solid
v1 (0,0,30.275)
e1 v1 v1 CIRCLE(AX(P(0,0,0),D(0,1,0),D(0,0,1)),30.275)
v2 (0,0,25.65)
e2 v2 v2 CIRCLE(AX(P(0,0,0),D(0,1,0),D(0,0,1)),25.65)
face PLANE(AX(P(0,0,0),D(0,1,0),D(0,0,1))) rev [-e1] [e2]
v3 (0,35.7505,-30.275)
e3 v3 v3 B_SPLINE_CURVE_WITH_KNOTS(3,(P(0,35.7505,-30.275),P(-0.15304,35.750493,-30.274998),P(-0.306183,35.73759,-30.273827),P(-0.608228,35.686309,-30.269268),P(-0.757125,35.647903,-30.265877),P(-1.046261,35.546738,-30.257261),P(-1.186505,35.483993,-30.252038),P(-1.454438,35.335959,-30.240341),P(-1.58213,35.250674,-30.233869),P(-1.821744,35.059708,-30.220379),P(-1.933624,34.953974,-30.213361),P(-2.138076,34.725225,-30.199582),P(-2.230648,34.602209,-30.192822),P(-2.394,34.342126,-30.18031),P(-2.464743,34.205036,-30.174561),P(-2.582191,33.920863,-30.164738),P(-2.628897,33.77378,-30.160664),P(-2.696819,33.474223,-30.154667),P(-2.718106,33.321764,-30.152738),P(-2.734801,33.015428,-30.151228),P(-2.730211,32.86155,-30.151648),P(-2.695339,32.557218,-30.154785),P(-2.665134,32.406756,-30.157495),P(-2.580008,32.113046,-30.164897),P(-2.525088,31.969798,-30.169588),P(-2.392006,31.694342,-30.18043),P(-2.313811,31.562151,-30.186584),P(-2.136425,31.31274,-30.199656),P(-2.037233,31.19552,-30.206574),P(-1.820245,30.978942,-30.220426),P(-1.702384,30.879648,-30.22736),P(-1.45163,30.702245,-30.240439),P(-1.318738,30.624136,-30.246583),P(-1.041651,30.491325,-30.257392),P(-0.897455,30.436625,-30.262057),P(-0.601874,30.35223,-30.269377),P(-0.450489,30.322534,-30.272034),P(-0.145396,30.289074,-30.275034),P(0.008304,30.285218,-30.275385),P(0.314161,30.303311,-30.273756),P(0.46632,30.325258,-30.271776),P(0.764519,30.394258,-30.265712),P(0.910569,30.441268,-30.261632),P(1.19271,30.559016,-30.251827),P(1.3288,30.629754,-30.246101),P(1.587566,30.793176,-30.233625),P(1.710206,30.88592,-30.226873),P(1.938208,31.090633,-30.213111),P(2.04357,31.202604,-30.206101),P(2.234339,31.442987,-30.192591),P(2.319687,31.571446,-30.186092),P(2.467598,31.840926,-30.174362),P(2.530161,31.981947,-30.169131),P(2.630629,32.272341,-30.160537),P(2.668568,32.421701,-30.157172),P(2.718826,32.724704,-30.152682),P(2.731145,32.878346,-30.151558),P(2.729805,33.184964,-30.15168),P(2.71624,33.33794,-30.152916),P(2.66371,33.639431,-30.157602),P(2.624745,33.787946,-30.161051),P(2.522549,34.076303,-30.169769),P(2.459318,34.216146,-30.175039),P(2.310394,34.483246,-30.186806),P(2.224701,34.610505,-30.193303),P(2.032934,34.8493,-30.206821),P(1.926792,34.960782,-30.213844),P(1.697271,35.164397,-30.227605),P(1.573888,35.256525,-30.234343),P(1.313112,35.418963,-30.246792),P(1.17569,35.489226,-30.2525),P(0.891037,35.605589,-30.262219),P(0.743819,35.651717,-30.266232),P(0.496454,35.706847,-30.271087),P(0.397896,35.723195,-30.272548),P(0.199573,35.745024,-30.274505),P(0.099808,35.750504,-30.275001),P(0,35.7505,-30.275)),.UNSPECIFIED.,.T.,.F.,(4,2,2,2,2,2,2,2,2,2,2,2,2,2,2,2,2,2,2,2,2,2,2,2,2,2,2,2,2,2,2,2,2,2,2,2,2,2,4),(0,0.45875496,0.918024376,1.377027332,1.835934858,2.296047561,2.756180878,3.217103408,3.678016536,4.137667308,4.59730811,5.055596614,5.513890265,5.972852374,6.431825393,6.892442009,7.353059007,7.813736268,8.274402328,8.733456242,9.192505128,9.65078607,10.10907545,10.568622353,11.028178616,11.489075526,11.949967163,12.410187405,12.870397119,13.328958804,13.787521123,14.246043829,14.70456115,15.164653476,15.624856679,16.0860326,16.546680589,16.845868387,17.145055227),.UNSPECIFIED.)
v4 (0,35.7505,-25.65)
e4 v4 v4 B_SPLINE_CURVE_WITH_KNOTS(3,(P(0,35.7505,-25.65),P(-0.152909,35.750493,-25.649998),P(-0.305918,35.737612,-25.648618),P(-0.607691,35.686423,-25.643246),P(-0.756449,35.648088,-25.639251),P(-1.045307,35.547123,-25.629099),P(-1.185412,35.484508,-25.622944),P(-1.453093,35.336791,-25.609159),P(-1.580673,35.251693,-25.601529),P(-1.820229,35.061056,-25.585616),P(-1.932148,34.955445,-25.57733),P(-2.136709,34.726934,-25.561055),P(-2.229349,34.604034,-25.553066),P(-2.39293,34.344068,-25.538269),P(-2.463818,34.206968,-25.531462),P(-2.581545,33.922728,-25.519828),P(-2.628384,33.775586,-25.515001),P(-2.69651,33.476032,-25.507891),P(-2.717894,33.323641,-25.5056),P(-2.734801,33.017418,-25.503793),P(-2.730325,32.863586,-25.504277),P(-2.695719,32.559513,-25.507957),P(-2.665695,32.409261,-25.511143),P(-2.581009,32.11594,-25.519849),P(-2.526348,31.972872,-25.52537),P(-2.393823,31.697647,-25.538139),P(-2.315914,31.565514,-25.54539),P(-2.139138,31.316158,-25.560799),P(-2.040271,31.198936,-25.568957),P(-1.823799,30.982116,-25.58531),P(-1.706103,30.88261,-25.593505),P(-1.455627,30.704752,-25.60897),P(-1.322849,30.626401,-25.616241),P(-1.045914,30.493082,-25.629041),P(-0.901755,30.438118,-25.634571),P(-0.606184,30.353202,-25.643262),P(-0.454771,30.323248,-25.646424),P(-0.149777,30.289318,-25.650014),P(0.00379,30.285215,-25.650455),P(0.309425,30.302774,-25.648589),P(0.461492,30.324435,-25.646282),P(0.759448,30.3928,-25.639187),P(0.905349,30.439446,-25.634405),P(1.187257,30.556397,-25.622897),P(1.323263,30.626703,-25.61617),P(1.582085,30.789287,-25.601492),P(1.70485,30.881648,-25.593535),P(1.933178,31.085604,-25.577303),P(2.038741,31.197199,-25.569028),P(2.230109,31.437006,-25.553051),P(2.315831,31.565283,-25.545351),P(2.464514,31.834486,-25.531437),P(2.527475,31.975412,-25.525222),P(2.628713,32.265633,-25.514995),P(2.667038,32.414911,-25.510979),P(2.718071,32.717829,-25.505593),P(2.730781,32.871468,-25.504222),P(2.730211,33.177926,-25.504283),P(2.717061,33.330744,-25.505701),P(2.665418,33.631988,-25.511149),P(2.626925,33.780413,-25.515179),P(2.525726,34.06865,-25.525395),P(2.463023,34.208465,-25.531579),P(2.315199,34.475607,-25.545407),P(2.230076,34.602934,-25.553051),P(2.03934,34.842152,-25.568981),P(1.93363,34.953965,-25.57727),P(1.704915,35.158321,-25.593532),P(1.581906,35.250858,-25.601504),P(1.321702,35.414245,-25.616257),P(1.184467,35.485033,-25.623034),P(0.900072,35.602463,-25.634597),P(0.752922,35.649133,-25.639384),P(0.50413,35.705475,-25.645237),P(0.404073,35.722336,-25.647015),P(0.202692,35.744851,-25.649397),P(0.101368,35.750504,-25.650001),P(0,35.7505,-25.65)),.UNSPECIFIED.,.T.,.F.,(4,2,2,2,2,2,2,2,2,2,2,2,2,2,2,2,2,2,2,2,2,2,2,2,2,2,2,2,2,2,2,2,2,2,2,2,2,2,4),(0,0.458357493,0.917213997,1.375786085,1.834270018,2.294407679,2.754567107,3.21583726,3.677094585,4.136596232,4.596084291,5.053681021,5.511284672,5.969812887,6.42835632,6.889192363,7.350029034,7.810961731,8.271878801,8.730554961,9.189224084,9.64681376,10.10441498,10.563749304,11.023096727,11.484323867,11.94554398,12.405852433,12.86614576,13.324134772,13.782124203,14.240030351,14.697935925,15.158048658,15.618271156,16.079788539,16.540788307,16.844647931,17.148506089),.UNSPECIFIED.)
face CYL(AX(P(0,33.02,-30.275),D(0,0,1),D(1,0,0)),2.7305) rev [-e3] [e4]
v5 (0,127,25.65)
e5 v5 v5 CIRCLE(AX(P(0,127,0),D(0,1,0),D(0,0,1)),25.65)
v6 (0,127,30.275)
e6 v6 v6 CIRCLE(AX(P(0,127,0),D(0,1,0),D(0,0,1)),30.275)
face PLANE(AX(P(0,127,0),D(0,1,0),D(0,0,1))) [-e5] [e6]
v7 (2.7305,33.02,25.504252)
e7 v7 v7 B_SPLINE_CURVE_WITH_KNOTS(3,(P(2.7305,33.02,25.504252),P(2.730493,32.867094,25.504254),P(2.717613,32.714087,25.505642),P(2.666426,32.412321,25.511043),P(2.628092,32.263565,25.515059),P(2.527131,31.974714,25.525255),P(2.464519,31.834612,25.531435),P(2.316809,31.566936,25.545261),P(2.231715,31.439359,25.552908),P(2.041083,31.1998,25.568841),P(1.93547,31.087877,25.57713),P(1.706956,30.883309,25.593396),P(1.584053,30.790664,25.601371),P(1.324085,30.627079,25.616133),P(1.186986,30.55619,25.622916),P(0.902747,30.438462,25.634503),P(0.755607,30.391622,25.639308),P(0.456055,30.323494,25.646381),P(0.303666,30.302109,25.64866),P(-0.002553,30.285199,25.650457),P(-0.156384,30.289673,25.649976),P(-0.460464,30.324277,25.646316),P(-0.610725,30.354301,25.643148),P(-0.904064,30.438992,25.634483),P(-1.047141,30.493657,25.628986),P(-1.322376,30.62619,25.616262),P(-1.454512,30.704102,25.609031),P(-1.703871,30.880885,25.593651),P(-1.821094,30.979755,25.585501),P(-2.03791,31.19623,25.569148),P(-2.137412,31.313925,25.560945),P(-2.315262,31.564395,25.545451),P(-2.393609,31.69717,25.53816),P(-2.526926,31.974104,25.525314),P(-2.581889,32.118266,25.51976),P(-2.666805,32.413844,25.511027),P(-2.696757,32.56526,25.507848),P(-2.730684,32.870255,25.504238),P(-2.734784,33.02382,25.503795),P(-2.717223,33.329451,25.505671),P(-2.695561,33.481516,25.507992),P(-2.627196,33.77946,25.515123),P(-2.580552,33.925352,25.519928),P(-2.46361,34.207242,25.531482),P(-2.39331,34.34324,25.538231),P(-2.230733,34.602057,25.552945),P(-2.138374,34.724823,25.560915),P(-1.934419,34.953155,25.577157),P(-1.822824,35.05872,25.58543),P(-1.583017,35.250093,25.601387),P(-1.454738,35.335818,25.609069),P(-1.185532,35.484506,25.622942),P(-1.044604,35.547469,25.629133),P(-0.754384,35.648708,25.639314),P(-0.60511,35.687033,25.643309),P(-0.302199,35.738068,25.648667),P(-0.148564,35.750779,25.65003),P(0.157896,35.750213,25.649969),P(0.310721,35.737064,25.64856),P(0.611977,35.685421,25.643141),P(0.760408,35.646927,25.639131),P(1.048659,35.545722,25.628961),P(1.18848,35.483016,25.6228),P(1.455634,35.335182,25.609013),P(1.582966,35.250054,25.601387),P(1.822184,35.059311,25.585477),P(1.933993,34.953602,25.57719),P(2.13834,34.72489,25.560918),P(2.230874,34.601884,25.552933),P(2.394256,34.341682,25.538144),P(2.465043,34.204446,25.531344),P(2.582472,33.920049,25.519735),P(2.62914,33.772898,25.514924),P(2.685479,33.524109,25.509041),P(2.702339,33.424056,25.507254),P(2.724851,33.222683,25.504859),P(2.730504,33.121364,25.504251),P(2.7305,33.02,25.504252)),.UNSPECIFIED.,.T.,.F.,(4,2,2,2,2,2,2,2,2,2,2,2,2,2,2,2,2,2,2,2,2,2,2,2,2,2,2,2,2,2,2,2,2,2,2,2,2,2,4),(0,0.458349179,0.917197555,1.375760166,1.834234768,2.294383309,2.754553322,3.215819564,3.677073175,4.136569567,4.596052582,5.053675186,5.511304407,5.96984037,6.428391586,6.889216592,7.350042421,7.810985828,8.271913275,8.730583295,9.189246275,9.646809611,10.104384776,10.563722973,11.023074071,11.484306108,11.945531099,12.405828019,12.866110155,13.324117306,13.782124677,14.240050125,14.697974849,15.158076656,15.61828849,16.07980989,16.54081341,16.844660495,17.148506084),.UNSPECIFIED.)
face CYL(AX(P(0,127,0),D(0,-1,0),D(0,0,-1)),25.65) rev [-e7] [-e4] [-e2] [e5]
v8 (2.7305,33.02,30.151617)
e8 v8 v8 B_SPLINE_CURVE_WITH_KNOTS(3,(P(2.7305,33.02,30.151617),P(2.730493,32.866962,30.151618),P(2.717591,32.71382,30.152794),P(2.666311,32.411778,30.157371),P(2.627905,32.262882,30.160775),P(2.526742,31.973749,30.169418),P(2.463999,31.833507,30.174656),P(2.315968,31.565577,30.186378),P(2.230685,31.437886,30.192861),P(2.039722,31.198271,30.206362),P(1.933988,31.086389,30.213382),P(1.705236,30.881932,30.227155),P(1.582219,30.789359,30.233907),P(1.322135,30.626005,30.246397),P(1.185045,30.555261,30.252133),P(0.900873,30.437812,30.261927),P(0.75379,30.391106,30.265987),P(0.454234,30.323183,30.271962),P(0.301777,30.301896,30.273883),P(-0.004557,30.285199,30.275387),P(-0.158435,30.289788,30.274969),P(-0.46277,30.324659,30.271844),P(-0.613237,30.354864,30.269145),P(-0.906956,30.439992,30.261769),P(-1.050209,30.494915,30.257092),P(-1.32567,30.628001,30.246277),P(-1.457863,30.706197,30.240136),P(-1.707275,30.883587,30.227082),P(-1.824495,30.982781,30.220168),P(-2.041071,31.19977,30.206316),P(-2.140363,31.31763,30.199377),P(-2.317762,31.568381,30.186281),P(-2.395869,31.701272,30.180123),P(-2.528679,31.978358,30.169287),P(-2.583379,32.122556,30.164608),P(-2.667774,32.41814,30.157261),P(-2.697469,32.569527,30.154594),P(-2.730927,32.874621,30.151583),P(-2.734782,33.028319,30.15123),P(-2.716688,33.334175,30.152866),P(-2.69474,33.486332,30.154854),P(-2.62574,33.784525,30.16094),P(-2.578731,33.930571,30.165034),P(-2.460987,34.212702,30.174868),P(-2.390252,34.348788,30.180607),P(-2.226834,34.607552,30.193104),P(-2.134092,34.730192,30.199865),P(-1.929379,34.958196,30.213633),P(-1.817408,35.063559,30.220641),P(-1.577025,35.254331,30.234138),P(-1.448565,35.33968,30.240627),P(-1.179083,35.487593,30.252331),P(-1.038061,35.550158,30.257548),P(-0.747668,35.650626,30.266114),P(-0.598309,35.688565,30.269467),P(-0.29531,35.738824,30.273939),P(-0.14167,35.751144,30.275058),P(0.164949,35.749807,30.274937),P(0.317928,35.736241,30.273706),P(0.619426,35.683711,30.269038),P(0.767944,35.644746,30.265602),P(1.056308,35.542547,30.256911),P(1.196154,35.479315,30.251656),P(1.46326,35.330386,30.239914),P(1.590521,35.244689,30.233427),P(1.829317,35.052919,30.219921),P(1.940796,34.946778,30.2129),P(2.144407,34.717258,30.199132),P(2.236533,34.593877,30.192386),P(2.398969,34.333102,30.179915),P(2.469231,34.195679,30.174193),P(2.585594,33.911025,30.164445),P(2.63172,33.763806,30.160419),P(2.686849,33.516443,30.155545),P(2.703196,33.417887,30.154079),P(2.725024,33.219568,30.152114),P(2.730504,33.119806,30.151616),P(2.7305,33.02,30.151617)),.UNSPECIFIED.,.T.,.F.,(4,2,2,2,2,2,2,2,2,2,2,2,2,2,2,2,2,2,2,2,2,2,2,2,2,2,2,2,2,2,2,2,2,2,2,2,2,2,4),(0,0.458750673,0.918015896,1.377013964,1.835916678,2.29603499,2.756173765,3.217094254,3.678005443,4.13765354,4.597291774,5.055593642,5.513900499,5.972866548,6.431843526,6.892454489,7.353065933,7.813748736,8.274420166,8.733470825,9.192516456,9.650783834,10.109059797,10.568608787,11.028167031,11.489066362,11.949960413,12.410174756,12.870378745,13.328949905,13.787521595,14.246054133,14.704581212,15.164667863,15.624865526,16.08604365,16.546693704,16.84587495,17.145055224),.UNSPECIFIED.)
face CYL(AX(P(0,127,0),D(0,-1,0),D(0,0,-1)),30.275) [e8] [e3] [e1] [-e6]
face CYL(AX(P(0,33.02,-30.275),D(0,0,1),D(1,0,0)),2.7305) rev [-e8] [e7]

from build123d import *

# Parameters (mm, degrees)
SKETCH1_R               = 30.275
SKETCH1_R_2             = 25.65
BOSS_EXTRUDE1_DEPTH     = 127
CUT_EXTRUDE1_DEPTH      = 135.02295046
CUT_EXTRUDE1_DEPTH_BACK = 135.02295046
SKETCH2_R               = 2.7305


with BuildPart() as part:
    # Sketch1 → Boss-Extrude1 (new body)
    with BuildSketch(Plane(origin=(0, 0, 0), x_dir=(1, 0, 0), z_dir=(0, 1, 0))):
        with Locations(Location((0, 0, 0), (0, 0, 270))):
            Circle(SKETCH1_R)
        with Locations(Location((0, 0, 0), (0, 0, 270))):
            Circle(SKETCH1_R_2, mode=Mode.SUBTRACT)
    extrude(amount=BOSS_EXTRUDE1_DEPTH)

    # Sketch2 → Cut-Extrude1 (cut, two sides: drawn at the far end of the back side and taken through both)
    with BuildSketch(Plane.XY.offset(-CUT_EXTRUDE1_DEPTH_BACK)):
        with Locations((0, 33.02)):
            Circle(SKETCH2_R)
    extrude(amount=CUT_EXTRUDE1_DEPTH + CUT_EXTRUDE1_DEPTH_BACK, mode=Mode.SUBTRACT)


solid = part.part
